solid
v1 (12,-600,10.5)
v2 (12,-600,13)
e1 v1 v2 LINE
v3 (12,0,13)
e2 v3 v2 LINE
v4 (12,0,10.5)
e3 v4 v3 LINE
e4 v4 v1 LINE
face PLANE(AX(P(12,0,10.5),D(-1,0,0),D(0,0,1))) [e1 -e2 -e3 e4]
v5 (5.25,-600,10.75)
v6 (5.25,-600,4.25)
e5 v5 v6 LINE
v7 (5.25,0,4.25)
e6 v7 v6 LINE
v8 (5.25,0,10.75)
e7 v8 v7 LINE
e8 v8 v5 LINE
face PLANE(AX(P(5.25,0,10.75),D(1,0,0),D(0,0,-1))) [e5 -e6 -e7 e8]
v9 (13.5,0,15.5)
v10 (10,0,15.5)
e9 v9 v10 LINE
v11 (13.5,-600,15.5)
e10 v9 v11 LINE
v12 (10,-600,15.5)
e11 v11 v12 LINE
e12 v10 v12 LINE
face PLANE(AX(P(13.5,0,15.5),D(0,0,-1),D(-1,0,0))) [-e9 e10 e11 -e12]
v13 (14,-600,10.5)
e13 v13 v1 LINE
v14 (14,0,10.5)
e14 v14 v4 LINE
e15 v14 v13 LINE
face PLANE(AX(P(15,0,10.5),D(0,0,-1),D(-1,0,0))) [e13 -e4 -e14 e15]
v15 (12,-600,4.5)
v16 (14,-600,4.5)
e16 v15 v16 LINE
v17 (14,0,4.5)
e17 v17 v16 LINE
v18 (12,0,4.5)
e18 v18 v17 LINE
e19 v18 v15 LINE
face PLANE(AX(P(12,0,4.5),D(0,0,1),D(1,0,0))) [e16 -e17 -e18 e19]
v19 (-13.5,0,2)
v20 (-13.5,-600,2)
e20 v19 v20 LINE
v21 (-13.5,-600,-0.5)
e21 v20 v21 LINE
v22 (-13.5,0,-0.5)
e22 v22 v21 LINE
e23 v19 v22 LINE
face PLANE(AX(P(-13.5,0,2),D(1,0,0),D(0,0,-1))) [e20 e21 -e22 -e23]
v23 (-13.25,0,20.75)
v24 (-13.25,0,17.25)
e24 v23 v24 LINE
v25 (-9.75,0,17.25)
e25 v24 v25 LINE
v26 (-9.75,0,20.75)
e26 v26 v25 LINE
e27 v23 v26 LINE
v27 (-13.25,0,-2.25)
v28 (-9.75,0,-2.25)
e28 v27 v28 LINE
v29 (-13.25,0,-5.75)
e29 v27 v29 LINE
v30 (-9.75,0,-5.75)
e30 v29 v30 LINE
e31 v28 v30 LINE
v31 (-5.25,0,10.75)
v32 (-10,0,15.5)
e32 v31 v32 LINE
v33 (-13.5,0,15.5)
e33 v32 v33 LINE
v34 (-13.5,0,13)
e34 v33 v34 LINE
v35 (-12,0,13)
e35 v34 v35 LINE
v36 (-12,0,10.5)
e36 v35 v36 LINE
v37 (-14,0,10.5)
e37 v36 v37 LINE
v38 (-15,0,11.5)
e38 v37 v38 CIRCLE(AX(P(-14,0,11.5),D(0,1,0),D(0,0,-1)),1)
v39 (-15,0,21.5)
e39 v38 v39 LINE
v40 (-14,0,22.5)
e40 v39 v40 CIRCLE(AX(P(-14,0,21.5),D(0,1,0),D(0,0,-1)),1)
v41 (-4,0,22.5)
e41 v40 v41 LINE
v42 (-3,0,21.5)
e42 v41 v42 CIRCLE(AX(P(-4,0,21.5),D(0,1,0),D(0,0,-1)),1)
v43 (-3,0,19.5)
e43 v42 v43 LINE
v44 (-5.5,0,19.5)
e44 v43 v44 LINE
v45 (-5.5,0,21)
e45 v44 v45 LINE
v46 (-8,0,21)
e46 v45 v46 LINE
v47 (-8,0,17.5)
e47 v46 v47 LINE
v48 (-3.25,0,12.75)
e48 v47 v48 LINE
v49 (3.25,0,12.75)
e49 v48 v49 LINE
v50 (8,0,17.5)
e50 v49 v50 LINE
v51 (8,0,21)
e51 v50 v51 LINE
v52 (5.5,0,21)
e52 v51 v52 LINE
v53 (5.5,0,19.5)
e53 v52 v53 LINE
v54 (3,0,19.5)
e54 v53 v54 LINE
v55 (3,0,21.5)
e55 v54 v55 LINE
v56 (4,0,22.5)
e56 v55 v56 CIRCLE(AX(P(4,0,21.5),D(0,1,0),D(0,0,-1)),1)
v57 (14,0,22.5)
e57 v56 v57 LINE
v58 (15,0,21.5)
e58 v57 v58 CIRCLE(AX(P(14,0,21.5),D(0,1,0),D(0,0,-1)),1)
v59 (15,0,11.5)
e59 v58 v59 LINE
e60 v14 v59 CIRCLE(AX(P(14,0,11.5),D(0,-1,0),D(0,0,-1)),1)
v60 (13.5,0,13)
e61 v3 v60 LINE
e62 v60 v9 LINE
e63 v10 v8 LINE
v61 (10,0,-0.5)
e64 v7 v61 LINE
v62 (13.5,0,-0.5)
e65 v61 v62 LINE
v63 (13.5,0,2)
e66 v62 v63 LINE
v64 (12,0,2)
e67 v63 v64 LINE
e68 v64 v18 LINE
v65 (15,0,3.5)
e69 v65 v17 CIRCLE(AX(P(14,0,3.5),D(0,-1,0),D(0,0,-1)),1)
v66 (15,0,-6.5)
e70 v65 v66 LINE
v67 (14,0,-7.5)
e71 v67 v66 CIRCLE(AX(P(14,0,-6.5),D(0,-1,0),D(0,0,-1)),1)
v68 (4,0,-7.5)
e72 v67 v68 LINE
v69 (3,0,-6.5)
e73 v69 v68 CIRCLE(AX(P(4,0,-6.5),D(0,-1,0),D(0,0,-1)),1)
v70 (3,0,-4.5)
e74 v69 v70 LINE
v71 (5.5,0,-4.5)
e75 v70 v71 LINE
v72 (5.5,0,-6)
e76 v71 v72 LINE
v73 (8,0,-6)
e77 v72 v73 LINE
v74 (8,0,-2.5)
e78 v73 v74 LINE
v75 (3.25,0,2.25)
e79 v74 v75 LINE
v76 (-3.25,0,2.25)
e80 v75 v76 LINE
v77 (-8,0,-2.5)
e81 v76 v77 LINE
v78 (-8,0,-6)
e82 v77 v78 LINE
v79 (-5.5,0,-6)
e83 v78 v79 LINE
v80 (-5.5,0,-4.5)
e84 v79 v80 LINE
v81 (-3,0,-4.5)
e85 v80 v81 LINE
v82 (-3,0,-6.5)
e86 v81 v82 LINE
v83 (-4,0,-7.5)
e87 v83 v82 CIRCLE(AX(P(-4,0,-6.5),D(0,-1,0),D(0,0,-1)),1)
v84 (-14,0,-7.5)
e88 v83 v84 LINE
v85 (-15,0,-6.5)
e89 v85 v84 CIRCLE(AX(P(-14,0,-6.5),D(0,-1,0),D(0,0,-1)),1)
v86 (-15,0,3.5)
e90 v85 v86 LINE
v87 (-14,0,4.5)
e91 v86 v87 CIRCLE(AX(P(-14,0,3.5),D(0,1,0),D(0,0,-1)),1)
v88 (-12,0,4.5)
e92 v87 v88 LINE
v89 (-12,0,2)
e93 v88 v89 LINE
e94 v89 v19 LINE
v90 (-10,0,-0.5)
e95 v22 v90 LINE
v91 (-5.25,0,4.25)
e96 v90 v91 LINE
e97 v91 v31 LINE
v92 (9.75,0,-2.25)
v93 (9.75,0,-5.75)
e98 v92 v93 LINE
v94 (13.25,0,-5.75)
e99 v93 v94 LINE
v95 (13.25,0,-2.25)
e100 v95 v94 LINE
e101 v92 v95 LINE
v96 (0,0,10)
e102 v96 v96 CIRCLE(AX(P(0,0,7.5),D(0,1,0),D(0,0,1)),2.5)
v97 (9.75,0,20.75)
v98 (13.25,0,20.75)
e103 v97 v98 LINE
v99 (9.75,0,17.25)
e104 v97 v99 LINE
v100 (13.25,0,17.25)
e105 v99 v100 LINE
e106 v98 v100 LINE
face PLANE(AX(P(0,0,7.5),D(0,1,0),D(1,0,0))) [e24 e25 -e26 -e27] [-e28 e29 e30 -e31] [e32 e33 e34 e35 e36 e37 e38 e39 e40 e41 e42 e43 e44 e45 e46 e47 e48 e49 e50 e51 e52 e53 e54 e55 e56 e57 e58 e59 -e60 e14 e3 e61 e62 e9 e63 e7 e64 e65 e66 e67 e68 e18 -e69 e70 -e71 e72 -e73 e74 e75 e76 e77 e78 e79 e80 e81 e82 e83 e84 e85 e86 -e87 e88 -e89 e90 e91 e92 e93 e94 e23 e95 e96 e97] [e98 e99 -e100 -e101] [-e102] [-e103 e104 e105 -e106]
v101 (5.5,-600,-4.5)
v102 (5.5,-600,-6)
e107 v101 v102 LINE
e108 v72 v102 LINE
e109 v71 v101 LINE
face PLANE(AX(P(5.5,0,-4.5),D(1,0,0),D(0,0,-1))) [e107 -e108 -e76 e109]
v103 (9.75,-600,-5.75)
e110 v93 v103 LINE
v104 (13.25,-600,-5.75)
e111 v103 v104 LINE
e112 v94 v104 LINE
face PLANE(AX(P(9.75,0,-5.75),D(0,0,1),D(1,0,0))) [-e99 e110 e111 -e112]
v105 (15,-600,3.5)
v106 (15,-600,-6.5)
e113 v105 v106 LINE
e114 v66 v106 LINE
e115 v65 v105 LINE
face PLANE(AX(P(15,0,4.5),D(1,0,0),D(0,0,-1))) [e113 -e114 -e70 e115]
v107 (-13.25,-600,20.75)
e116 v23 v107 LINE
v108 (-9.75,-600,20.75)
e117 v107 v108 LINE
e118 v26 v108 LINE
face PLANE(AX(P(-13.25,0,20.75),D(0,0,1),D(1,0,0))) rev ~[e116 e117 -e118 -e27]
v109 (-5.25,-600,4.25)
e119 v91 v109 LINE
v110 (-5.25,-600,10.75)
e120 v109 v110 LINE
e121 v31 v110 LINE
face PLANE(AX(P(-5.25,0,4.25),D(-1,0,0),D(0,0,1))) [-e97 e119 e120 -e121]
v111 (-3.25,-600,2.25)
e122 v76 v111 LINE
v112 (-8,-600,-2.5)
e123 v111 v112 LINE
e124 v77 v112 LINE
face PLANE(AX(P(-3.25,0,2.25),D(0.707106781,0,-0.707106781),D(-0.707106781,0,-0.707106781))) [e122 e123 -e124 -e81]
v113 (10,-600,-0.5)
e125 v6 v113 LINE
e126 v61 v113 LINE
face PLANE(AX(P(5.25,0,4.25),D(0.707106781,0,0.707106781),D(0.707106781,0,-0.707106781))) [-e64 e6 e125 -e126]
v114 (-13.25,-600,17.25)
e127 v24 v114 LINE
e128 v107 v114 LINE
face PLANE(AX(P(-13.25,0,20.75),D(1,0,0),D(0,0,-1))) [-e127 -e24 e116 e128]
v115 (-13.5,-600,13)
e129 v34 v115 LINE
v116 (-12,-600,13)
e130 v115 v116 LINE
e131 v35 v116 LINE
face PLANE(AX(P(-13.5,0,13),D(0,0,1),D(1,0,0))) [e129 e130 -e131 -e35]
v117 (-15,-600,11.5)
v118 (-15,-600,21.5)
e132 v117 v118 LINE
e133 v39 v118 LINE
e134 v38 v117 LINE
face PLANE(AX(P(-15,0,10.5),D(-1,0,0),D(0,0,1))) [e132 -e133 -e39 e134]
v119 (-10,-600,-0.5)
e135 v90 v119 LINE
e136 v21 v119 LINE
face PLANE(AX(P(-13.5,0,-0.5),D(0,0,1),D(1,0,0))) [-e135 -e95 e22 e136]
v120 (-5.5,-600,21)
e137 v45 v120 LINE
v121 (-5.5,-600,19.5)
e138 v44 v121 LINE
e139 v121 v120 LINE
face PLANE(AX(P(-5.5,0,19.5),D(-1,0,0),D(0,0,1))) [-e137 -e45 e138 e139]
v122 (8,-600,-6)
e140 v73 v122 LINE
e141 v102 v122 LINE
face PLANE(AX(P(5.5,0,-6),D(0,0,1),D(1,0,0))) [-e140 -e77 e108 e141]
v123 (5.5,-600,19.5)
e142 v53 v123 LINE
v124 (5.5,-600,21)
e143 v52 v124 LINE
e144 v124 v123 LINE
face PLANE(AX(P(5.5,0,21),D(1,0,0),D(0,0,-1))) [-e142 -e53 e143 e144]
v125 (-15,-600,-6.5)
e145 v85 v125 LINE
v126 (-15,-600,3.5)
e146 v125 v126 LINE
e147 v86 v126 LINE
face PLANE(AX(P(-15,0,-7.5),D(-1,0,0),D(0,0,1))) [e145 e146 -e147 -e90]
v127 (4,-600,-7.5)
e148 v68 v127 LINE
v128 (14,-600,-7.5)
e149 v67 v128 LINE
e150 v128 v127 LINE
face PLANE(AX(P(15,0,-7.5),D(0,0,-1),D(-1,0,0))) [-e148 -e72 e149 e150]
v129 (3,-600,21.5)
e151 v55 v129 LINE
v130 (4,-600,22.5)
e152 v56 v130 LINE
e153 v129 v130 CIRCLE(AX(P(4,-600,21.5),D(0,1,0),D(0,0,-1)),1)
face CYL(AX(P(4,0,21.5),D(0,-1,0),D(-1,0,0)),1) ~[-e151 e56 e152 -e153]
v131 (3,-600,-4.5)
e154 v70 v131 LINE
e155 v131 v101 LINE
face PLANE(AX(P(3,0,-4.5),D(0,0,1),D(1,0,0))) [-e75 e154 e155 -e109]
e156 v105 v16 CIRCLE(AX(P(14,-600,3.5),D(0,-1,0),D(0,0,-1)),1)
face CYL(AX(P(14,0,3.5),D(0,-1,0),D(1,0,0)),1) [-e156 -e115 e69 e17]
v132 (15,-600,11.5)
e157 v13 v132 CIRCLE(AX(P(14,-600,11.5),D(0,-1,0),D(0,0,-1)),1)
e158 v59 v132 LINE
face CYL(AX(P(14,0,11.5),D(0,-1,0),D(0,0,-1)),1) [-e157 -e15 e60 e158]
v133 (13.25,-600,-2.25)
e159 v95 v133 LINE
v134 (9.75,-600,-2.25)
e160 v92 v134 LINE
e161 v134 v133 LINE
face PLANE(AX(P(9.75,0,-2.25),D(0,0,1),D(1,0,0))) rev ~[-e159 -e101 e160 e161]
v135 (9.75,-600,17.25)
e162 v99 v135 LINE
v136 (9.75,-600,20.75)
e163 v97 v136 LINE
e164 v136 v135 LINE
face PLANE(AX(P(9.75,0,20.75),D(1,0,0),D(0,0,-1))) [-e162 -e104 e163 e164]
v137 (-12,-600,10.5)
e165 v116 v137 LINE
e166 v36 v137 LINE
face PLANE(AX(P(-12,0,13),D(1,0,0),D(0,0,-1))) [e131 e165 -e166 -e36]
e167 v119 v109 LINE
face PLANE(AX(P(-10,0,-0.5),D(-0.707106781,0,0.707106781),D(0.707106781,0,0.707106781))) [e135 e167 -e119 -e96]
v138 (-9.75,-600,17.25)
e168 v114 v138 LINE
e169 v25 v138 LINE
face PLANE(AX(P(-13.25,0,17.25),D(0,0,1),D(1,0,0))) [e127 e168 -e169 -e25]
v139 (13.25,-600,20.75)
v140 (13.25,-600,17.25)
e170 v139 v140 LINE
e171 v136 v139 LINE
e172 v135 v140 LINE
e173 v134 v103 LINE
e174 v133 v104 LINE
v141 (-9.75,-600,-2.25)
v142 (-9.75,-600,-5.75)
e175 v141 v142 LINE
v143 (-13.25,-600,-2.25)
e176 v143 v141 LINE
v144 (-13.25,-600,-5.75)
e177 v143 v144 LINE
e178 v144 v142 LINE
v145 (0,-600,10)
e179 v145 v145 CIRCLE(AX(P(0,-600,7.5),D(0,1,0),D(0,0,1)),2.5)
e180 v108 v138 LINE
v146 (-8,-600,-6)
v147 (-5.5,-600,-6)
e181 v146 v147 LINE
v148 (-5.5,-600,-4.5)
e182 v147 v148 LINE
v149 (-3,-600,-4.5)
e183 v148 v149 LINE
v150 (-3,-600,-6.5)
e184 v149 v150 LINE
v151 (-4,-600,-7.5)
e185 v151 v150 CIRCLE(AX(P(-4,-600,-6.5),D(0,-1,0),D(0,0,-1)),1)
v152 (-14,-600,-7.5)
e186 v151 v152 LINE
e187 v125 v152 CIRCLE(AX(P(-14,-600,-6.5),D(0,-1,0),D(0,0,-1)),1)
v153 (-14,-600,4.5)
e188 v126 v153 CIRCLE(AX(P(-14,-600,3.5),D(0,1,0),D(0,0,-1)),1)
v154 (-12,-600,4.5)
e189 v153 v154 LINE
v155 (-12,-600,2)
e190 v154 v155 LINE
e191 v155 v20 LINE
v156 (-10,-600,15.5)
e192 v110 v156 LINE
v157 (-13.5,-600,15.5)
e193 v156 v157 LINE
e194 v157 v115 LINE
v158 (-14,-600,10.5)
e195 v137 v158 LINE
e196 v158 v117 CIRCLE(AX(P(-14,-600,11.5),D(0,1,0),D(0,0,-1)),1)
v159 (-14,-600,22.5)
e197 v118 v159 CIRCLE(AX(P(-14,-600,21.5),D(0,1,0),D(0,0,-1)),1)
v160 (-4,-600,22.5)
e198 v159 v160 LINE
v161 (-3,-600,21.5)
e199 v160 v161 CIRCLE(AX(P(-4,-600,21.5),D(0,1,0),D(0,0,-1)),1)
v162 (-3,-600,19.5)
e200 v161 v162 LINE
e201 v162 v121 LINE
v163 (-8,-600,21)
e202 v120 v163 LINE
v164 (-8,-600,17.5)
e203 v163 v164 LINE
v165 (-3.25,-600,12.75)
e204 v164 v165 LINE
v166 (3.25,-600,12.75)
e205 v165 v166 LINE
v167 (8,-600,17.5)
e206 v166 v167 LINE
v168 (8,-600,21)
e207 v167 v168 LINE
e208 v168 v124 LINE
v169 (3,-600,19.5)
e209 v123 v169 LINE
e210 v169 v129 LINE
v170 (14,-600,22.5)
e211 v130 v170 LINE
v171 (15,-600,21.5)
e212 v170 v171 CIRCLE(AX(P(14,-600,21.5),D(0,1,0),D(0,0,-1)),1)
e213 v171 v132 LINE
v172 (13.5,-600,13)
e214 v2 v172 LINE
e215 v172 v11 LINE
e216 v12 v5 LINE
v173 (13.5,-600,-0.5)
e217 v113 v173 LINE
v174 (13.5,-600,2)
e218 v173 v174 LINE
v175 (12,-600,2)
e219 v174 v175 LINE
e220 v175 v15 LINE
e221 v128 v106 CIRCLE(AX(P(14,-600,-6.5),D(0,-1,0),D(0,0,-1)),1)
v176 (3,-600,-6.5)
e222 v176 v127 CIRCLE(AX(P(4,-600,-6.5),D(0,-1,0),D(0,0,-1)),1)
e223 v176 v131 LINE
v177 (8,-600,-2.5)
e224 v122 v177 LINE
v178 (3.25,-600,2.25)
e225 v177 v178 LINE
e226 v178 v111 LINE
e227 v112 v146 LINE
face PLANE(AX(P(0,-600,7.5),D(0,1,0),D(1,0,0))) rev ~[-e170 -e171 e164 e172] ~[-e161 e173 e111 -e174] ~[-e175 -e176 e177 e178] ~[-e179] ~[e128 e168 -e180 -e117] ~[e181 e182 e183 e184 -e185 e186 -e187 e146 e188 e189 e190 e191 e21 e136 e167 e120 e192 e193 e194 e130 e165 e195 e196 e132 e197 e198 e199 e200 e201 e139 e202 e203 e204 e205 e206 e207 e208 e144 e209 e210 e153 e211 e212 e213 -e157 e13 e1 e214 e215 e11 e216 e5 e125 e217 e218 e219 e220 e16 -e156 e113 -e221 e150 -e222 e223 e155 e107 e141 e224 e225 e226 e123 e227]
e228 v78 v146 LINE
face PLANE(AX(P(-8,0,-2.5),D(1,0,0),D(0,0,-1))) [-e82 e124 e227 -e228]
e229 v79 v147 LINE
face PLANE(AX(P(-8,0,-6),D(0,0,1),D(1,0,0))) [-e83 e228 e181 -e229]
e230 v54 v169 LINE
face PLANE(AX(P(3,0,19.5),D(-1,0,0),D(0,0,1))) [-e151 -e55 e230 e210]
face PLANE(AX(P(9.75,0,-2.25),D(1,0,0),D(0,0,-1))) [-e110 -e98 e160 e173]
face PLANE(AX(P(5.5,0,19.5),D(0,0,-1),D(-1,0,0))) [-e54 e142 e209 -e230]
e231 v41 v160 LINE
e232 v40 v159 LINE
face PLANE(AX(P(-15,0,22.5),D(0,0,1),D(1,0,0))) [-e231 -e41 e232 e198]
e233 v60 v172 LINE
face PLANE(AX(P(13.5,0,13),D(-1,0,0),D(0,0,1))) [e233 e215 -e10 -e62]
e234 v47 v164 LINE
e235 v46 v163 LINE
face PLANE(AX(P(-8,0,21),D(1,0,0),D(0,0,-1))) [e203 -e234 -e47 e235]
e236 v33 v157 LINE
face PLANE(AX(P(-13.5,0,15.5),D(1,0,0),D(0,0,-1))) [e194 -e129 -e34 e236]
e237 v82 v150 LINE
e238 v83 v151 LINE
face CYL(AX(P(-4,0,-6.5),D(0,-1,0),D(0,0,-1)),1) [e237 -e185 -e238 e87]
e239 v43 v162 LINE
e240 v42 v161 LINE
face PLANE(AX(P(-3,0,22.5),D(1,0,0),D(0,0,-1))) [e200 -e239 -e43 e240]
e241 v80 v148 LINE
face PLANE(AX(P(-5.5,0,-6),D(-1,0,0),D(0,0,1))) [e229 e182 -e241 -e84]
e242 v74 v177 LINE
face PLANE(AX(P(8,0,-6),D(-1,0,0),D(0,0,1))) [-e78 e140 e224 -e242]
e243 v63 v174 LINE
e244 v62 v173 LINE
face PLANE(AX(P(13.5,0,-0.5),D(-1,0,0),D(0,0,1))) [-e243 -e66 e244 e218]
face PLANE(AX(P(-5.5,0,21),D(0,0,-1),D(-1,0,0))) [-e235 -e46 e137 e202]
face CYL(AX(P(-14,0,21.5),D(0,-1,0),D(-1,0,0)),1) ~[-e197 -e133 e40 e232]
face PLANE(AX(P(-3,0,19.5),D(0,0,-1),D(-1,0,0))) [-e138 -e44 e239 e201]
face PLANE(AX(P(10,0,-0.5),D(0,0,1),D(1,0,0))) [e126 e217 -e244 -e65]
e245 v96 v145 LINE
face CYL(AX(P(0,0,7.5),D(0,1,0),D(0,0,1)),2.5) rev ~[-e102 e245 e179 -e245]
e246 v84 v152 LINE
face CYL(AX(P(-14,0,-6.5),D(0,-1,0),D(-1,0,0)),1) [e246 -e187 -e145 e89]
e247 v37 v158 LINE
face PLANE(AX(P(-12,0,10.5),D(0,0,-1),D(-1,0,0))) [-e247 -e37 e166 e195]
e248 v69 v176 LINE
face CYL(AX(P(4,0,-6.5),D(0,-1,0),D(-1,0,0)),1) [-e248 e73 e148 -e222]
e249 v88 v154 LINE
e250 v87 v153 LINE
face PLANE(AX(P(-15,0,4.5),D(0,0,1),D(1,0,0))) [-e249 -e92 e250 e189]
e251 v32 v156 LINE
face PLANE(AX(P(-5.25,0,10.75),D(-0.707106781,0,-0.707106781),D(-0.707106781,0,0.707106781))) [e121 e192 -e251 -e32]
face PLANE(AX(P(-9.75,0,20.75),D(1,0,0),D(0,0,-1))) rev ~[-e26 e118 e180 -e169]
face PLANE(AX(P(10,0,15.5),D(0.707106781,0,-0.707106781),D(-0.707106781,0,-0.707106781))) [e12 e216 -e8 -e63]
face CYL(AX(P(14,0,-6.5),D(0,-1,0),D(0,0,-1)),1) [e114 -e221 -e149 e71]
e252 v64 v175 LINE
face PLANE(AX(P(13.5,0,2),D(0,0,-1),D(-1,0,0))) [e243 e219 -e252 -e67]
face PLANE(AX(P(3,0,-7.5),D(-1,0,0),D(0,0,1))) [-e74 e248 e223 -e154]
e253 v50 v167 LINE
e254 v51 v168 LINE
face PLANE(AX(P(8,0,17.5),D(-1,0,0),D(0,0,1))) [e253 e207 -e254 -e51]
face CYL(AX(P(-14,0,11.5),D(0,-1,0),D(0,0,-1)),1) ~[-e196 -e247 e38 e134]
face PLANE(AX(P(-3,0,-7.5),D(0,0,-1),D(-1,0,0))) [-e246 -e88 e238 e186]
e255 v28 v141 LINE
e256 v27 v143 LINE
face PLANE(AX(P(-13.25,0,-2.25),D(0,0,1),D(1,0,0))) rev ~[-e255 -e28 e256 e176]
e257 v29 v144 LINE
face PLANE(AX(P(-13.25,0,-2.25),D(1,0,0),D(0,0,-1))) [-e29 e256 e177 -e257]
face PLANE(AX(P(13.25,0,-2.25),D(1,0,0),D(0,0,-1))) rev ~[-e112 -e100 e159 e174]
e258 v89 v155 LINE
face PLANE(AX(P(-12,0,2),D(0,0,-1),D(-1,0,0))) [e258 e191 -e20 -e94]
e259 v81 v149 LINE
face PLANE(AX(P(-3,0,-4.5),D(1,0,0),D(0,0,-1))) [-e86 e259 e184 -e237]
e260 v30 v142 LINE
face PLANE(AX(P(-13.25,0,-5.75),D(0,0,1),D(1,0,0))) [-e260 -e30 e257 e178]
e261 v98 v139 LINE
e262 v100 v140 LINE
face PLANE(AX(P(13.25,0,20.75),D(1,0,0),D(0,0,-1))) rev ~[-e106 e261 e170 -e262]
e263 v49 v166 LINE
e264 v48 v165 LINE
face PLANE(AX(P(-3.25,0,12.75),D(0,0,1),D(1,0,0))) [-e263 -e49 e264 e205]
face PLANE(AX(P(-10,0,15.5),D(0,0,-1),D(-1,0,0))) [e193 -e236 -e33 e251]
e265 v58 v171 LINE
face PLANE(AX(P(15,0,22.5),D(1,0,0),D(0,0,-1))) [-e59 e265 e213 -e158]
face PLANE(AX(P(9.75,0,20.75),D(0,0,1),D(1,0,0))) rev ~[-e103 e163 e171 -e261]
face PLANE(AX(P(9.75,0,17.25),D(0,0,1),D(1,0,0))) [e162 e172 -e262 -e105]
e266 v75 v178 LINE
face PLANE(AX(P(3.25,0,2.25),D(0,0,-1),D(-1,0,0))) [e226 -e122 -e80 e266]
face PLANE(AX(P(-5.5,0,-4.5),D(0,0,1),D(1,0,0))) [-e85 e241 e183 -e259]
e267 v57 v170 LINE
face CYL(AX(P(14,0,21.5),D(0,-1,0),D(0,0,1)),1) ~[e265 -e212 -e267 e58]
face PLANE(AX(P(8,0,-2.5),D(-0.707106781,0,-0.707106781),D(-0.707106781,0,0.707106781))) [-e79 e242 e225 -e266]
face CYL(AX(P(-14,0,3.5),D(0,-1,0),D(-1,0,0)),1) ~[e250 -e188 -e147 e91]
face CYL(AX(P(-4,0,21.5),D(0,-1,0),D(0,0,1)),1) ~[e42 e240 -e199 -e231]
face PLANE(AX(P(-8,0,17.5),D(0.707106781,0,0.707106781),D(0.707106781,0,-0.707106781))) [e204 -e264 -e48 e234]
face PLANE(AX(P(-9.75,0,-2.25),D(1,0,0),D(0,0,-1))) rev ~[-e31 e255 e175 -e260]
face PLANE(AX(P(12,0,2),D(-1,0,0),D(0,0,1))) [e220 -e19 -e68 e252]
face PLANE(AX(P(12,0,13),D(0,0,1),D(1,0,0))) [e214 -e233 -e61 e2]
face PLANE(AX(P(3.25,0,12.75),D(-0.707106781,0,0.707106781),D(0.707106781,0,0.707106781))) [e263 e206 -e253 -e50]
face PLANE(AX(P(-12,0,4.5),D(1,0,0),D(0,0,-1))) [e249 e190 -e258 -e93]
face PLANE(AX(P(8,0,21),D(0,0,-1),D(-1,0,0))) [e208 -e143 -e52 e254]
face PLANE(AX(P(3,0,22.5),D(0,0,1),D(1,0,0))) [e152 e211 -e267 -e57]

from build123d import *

# Parameters (mm, degrees)
SKETCH1_R           = 2.5
SKETCH1_W           = 3.5
SKETCH1_H           = 3.5
BOSS_EXTRUDE1_DEPTH = 600
FILLET1_R           = 1


with BuildPart() as part:
    # Sketch1 → Boss-Extrude1 (new body)
    with BuildSketch(Plane(origin=(0, 0, 0), x_dir=(1, 0, 0), z_dir=(0, 1, 0))):
        Polygon((-15, 7.5), (-15, -4.5), (-12, -4.5), (-12, -2), (-13.5, -2), (-13.5, 0.5), (-10, 0.5), (-5.25, -4.25), (-5.25, -10.75), (-10, -15.5), (-13.5, -15.5), (-13.5, -13), (-12, -13), (-12, -10.5), (-15, -10.5), (-15, -22.5), (-3, -22.5), (-3, -19.5), (-5.5, -19.5), (-5.5, -21), (-8, -21), (-8, -17.5), (-3.25, -12.75), (3.25, -12.75), (8, -17.5), (8, -21), (5.5, -21), (5.5, -19.5), (3, -19.5), (3, -22.5), (15, -22.5), (15, -10.5), (12, -10.5), (12, -13), (13.5, -13), (13.5, -15.5), (10, -15.5), (5.25, -10.75), (5.25, -4.25), (10, 0.5), (13.5, 0.5), (13.5, -2), (12, -2), (12, -4.5), (15, -4.5), (15, 7.5), (3, 7.5), (3, 4.5), (5.5, 4.5), (5.5, 6), (8, 6), (8, 2.5), (3.25, -2.25), (-3.25, -2.25), (-8, 2.5), (-8, 6), (-5.5, 6), (-5.5, 4.5), (-3, 4.5), (-3, 7.5), align=None)
        with Locations(Location((0, -7.5, 0), (0, 0, 270))):
            Circle(SKETCH1_R, mode=Mode.SUBTRACT)
        with Locations((-11.5, 4)):
            Rectangle(SKETCH1_W, SKETCH1_H, mode=Mode.SUBTRACT)
        with Locations((11.5, 4)):
            Rectangle(SKETCH1_W, SKETCH1_H, mode=Mode.SUBTRACT)
        with Locations((11.5, -19)):
            Rectangle(SKETCH1_W, SKETCH1_H, mode=Mode.SUBTRACT)
        with Locations((-11.5, -19)):
            Rectangle(SKETCH1_W, SKETCH1_H, mode=Mode.SUBTRACT)
    extrude(amount=-BOSS_EXTRUDE1_DEPTH)

    # Fillet1
    fillet1_edges = [part.edges().sort_by_distance(p)[0] for p in [
        (15, -300, 10.5),
        (15, -300, 22.5),
        (3, -300, 22.5),
        (-3, -300, 22.5),
        (-15, -300, 22.5),
        (-15, -300, 10.5),
        (-15, -300, 4.5),
        (-15, -300, -7.5),
        (-3, -300, -7.5),
        (3, -300, -7.5),
        (15, -300, -7.5),
        (15, -300, 4.5),
    ]]
    fillet(fillet1_edges, radius=FILLET1_R)


solid = part.part
